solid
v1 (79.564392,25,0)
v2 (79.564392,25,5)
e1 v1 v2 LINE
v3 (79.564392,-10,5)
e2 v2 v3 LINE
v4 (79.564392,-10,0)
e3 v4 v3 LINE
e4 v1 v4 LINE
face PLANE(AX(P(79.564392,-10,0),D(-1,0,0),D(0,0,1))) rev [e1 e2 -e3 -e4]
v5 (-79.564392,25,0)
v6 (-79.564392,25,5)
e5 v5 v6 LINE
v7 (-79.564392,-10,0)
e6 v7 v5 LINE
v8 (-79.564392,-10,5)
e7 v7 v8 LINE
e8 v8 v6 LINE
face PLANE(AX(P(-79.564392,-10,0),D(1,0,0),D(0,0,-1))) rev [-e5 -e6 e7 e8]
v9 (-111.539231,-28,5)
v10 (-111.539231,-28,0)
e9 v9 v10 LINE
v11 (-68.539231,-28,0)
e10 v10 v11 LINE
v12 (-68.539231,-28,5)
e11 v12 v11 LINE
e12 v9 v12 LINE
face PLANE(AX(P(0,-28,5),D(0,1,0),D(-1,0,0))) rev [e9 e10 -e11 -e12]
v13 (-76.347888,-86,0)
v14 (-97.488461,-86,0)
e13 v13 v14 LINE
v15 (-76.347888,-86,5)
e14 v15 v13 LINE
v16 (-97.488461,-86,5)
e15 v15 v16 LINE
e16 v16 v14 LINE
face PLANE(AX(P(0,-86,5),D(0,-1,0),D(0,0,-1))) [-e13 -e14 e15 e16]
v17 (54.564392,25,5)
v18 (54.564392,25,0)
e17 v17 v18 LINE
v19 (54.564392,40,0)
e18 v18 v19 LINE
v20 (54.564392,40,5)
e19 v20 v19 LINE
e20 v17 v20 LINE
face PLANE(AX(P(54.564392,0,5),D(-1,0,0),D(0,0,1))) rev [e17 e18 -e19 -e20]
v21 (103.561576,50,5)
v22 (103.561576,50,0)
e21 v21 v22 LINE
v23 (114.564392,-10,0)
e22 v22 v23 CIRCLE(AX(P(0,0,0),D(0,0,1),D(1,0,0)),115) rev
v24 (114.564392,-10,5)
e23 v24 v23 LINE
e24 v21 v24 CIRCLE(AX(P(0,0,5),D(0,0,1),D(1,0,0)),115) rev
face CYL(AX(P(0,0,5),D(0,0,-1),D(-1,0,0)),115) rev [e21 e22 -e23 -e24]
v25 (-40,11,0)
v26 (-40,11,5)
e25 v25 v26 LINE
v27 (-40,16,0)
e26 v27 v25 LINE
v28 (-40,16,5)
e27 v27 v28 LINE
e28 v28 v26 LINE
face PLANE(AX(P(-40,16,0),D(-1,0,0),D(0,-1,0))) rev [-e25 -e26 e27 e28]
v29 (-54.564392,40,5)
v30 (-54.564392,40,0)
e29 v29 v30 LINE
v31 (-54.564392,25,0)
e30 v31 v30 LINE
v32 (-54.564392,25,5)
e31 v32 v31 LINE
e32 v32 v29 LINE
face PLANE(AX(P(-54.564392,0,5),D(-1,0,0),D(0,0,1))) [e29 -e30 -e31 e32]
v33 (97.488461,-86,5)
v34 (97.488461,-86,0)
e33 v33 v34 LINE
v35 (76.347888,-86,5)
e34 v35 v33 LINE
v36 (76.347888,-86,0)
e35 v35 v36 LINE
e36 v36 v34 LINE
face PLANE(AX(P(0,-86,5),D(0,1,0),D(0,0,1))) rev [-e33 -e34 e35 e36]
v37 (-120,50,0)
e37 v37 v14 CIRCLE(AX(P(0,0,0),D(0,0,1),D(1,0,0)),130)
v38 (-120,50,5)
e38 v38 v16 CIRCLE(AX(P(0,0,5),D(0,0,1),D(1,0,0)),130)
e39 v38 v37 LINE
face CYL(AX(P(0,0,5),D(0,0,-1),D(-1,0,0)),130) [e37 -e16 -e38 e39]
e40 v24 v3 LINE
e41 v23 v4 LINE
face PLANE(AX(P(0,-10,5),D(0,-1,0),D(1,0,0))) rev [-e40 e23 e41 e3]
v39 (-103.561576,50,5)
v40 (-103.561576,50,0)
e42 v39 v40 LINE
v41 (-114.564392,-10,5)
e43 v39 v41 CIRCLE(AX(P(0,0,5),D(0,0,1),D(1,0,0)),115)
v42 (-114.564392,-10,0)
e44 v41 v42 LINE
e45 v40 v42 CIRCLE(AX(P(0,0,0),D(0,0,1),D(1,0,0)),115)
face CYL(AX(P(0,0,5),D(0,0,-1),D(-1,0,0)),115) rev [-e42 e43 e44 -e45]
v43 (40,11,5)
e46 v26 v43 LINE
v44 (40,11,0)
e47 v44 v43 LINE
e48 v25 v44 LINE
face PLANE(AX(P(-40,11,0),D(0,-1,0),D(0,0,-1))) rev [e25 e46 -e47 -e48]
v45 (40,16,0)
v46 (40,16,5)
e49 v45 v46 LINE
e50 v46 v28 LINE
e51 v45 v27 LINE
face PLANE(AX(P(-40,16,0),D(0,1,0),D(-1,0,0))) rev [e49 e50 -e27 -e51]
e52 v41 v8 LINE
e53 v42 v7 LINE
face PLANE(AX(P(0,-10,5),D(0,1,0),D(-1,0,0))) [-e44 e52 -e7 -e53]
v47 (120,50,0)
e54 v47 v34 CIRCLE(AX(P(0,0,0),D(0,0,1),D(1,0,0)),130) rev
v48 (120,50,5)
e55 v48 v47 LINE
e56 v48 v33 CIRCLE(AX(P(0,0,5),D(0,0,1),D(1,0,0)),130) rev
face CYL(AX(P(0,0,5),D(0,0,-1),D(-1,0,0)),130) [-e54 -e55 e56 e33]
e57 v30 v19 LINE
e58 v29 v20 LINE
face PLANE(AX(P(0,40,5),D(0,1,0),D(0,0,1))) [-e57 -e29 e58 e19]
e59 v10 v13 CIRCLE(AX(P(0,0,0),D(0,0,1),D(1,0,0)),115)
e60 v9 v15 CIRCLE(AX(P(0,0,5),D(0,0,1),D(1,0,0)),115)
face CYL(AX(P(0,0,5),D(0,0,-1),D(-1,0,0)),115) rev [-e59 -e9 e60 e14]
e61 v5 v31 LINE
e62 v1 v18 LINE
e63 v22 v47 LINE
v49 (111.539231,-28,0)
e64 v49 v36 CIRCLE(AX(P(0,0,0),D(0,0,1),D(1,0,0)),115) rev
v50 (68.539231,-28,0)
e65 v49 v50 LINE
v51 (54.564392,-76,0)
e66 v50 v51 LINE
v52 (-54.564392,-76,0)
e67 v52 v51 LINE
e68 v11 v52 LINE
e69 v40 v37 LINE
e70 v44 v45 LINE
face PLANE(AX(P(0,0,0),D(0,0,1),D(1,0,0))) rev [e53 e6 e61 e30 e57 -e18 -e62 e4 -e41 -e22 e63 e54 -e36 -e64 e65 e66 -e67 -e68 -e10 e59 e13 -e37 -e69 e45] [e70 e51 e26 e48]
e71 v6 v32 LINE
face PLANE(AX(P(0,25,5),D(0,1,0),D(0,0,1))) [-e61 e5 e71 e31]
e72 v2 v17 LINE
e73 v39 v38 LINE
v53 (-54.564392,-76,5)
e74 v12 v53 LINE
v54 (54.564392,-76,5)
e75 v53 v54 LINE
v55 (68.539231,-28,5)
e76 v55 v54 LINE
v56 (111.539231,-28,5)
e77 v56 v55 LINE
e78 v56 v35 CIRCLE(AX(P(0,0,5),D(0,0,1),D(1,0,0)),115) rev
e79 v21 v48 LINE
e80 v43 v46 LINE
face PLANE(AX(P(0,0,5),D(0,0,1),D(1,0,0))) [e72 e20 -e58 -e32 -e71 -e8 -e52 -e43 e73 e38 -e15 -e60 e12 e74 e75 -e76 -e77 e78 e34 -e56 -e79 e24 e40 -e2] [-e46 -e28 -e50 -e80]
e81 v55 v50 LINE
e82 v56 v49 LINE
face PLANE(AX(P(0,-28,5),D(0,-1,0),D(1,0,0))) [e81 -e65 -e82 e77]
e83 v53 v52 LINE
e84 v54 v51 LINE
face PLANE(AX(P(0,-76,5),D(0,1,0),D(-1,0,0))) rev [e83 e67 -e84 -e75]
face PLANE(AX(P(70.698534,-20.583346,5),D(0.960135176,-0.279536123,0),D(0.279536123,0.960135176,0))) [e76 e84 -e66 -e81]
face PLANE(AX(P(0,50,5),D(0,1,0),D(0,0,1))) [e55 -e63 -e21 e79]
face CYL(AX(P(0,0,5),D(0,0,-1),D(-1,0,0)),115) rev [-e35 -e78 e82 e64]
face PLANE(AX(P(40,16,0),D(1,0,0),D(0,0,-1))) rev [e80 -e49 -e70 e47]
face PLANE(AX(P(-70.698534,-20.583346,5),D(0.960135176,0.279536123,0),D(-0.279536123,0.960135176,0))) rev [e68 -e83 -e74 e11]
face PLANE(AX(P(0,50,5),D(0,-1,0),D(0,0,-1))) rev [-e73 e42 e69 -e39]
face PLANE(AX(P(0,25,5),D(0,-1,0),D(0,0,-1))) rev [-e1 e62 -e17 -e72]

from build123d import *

# Parameters (mm, degrees)
BOSS_EXTRU_1_DEPTH      = 5
ENL_V_MAT_EXTRU_1_DEPTH = 156.951915666
ENL_V_MAT_EXTRU_2_DEPTH = 156.951915666
ESQUISSE7_W             = 10
ESQUISSE7_H             = 42.449970018
ENL_V_MAT_EXTRU_5_DEPTH = 156.951915666
ESQUISSE8_W             = 80
ESQUISSE8_H             = 5
ENL_V_MAT_EXTRU_8_DEPTH = 5


with BuildPart() as part:
    # Esquisse1 → Boss.-Extru.1 (new body)
    with BuildSketch(Plane.XY):
        with BuildLine():
            ThreePointArc((-111.539230767, -28), (-98.317812976, -59.654066514), (-76.347887987, -86))
            Line((-76.347887987, -86), (-97.488460856, -86))
            ThreePointArc((-97.488460856, -86), (-128.254854299, -21.229515978), (-120, 50))
            Line((-120, 50), (-103.561575886, 50))
            ThreePointArc((-103.561575886, 50), (-113.113812186, 20.742841962), (-114.564392374, -10))
            Line((-114.564392374, -10), (-89.564392374, -10))
            Line((-89.564392374, -10), (-89.564392374, 25))
            Line((-89.564392374, 25), (-54.564392374, 25))
            Line((-54.564392374, 25), (-54.564392374, 40))
            Line((-54.564392374, 40), (54.564392374, 40))
            Line((54.564392374, 40), (54.564392374, 25))
            Line((54.564392374, 25), (89.564392374, 25))
            Line((89.564392374, 25), (89.564392374, -10))
            Line((89.564392374, -10), (114.564392374, -10))
            ThreePointArc((114.564392374, -10), (113.113812186, 20.742841962), (103.561575886, 50))
            Line((103.561575886, 50), (120, 50))
            ThreePointArc((120, 50), (128.254854299, -21.229515978), (97.488460856, -86))
            Line((97.488460856, -86), (76.347887987, -86))
            ThreePointArc((76.347887987, -86), (98.317812976, -59.654066514), (111.539230767, -28))
            Line((111.539230767, -28), (68.539230767, -28))
            Line((68.539230767, -28), (54.564392374, -76))
            Line((54.564392374, -76), (-54.564392374, -76))
            Line((-54.564392374, -76), (-68.539230767, -28))
            Line((-68.539230767, -28), (-111.539230767, -28))
        make_face()
    extrude(amount=BOSS_EXTRU_1_DEPTH)

    # Esquisse3 → Enlèv. mat.-Extru.1 (cut, through all)
    with BuildSketch(Plane.XY.offset(5)):
        with BuildLine():
            Line((89.564392374, 25), (79.564392374, 25))
            ThreePointArc((79.564392374, 25), (86.635460186, 22.071067812), (89.564392374, 15))
            Line((89.564392374, 15), (89.564392374, 25))
        make_face()
    extrude(amount=-ENL_V_MAT_EXTRU_1_DEPTH, mode=Mode.SUBTRACT)

    # Esquisse6 → Enlèv. mat.-Extru.2 (cut, through all)
    with BuildSketch(Plane.XY.offset(5)):
        with BuildLine():
            ThreePointArc((-89.564392374, 15), (-86.635460186, 22.071067812), (-79.564392374, 25))
            Line((-79.564392374, 25), (-89.564392374, 25))
            Line((-89.564392374, 25), (-89.564392374, 15))
        make_face()
    extrude(amount=-ENL_V_MAT_EXTRU_2_DEPTH, mode=Mode.SUBTRACT)

    # Esquisse7 → Enlèv. mat.-Extru.5 (cut, through all)
    with BuildSketch(Plane.XY.offset(5)):
        with Locations((-84.564392374, 11.224985009)):
            Rectangle(ESQUISSE7_W, ESQUISSE7_H)
        with Locations((84.564392374, 11.224985009)):
            Rectangle(ESQUISSE7_W, ESQUISSE7_H)
    extrude(amount=-ENL_V_MAT_EXTRU_5_DEPTH, mode=Mode.SUBTRACT)

    # Esquisse8 → Enlèv. mat.-Extru.8 (cut)
    with BuildSketch(Plane.XY.offset(5)):
        with Locations((0, 13.5)):
            Rectangle(ESQUISSE8_W, ESQUISSE8_H)
    extrude(amount=-ENL_V_MAT_EXTRU_8_DEPTH, mode=Mode.SUBTRACT)


solid = part.part
